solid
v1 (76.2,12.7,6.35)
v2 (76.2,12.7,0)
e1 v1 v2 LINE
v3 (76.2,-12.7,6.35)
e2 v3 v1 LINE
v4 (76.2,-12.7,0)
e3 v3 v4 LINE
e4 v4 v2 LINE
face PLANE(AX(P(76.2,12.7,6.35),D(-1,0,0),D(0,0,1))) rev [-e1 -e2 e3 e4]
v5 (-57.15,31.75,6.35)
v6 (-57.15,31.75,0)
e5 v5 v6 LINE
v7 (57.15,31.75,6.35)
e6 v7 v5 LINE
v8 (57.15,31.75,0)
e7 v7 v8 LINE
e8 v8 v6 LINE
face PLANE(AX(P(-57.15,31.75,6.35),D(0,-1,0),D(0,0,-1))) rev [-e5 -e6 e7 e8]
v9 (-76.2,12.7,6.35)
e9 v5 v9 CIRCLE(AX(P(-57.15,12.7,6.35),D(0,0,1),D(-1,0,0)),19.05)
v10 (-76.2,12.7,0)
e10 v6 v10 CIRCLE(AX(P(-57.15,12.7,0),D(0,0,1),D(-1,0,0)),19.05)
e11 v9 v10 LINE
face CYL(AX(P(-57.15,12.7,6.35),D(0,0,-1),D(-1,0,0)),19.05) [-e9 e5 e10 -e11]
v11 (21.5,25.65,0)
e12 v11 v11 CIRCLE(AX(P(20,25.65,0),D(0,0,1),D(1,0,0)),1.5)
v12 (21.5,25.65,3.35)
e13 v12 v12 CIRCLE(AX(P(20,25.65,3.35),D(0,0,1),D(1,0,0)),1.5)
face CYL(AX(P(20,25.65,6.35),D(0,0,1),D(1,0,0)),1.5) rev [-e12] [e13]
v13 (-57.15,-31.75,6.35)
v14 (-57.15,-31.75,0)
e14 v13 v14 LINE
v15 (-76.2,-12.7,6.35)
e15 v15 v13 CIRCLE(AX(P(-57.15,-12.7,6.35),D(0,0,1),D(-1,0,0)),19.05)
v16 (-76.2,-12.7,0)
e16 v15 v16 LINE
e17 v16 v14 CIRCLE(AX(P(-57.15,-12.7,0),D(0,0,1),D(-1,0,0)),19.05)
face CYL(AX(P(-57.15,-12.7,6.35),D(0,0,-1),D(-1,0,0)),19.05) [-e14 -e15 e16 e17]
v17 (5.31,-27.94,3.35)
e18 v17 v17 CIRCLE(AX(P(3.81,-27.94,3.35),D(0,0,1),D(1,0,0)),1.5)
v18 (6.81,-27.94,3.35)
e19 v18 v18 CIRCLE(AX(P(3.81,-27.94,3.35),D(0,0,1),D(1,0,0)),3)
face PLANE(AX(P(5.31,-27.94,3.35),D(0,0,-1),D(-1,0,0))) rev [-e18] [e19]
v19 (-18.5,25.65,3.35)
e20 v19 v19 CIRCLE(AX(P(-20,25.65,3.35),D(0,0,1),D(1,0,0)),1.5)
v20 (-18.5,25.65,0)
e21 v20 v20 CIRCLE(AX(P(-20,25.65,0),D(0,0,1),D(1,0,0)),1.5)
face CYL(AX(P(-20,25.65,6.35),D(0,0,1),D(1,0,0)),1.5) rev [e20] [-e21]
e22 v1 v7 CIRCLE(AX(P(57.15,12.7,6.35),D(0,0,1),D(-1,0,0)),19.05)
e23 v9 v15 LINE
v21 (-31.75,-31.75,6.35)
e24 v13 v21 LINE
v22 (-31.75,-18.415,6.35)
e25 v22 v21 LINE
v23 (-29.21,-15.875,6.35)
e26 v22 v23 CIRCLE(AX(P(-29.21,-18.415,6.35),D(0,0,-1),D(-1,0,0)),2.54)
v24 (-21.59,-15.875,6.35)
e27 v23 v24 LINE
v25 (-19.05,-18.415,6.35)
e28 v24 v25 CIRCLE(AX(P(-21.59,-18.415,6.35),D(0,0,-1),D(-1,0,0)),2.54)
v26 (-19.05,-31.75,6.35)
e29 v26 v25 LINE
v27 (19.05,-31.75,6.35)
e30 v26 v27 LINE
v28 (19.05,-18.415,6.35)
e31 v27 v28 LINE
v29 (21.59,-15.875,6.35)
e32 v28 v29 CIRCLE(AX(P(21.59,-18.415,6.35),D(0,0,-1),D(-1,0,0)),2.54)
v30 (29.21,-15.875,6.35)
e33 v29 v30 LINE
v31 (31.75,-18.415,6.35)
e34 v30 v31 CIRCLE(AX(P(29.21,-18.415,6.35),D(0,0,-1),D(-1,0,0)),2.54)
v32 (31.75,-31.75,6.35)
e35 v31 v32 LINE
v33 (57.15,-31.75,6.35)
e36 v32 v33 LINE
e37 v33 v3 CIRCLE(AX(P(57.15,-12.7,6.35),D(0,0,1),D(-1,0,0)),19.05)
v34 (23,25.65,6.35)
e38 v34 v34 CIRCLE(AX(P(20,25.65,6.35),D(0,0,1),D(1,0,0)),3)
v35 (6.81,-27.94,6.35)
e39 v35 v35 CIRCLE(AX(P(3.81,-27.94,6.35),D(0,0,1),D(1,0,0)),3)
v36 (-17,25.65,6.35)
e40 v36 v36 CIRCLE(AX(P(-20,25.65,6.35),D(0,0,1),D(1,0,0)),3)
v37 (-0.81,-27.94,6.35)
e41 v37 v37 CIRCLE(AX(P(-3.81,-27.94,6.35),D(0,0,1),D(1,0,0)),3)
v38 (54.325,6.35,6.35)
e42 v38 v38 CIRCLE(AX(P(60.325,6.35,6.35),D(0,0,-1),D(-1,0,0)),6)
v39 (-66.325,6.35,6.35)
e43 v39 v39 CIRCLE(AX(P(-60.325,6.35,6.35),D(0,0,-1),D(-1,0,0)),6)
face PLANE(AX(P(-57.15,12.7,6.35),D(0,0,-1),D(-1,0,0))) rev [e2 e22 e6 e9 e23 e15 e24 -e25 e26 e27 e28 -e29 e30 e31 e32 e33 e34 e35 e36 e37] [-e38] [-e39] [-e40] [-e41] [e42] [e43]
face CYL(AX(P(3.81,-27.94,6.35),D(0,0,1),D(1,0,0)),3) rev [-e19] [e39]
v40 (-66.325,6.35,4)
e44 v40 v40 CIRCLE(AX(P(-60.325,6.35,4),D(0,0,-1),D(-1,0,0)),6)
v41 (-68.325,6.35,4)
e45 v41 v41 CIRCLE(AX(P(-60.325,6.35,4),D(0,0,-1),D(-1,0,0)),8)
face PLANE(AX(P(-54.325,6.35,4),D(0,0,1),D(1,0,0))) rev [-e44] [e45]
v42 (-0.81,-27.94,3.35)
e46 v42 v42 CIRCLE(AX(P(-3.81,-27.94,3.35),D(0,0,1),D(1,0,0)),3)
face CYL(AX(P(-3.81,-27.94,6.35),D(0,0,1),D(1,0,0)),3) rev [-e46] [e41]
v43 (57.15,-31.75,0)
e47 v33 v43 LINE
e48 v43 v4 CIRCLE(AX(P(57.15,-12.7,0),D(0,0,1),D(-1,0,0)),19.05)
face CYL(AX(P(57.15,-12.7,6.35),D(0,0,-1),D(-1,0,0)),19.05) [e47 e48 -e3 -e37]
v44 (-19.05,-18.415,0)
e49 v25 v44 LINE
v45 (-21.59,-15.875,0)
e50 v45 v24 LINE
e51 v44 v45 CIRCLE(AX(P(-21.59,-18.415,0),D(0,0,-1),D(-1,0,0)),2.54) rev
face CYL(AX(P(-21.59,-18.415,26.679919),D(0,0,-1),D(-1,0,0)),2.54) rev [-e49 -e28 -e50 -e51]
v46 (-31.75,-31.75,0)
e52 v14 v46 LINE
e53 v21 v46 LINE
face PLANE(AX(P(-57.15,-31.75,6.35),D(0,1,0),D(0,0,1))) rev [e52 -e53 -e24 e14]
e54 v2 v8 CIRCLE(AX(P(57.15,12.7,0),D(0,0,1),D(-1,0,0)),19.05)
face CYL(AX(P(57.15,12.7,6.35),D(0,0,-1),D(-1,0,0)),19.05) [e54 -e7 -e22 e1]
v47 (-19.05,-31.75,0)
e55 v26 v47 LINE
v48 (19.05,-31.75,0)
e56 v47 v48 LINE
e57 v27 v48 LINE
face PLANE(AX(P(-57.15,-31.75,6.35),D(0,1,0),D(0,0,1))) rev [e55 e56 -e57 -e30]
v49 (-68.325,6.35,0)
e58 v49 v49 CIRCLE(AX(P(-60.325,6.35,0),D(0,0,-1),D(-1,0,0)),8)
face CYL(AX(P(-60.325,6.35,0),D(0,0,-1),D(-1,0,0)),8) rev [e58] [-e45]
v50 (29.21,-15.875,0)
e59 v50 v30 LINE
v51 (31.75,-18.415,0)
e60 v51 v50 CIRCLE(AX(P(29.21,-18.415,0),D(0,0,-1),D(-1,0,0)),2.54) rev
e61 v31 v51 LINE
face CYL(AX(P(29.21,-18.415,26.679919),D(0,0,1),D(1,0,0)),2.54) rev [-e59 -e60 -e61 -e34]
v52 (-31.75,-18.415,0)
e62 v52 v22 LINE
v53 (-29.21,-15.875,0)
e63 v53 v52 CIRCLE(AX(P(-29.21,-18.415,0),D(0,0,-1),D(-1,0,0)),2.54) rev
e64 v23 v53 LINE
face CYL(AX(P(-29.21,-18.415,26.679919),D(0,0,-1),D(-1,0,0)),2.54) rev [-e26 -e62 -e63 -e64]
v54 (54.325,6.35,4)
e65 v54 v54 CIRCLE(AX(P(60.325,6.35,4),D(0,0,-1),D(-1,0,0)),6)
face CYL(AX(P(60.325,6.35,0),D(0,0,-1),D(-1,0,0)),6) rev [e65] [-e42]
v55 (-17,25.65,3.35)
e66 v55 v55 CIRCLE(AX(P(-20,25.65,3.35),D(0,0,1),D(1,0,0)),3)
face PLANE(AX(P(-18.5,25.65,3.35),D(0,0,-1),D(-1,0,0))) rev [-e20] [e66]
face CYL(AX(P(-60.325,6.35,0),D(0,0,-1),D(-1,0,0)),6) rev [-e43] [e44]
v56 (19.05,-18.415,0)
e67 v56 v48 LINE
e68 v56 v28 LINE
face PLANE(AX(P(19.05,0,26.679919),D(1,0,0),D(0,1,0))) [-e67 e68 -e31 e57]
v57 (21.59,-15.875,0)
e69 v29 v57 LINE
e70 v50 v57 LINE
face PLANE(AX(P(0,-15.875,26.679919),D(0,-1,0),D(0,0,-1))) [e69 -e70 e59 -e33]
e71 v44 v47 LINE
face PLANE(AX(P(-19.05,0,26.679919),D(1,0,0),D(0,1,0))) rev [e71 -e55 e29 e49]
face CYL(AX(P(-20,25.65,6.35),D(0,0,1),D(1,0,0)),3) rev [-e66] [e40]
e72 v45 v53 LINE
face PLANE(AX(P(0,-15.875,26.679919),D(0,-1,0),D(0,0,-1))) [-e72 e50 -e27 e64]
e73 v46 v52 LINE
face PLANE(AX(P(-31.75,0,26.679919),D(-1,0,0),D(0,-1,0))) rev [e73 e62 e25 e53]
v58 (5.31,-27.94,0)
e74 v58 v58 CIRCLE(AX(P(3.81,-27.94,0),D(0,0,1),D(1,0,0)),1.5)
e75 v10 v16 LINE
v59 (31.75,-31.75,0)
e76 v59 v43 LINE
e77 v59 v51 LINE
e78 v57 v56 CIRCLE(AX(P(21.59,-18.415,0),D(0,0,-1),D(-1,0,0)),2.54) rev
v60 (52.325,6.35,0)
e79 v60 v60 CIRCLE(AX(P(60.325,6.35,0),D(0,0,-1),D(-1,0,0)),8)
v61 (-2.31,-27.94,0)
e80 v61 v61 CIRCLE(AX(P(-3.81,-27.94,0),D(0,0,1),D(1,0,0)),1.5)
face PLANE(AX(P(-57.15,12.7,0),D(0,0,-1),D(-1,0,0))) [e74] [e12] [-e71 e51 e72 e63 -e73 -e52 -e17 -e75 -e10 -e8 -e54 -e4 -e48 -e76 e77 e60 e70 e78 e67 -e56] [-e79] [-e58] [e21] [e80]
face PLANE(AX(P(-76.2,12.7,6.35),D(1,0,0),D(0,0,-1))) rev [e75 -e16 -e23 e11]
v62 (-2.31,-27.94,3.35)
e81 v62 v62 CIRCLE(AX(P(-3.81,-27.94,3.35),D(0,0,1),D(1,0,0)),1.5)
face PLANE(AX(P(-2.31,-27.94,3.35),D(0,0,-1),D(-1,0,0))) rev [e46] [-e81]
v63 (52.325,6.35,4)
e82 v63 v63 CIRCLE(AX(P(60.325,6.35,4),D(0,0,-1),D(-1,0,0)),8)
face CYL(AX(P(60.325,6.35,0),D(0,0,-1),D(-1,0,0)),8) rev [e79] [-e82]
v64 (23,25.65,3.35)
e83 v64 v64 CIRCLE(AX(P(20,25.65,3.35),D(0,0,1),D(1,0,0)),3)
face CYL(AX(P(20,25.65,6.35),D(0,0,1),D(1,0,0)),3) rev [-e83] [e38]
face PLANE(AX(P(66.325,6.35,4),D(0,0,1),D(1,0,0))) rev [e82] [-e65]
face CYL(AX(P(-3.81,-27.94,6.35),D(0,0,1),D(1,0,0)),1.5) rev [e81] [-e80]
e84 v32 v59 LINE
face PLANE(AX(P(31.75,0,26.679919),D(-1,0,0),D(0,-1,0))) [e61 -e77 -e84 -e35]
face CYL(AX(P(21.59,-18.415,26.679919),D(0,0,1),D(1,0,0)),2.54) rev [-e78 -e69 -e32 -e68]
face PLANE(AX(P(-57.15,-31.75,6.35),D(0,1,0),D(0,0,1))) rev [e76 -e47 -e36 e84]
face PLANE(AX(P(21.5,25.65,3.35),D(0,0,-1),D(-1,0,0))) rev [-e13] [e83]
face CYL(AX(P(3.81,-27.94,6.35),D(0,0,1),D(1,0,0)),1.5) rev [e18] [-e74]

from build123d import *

# Parameters (mm, degrees)
BOSS_EXTRUDE1_DEPTH                                 = 6.35
CBORE_FOR_00_BINDING_HEAD_MACHINE_SCREW_D           = 3.000000096
CBORE_FOR_00_BINDING_HEAD_MACHINE_SCREW_CBORE_D     = 5.999999938
CBORE_FOR_00_BINDING_HEAD_MACHINE_SCREW_CBORE_DEPTH = 3.000000096
SKETCH6_W                                           = 12.7
SKETCH6_H                                           = 15.875
CUT_EXTRUDE1_DEPTH                                  = 6.35
FILLET2_R                                           = 2.54
CBORE_FOR_00_BINDING_HEAD_MACHINE_S_2_D             = 11.999999876
CBORE_FOR_00_BINDING_HEAD_MACHINE_S_2_CBORE_D       = 16.000000004
CBORE_FOR_00_BINDING_HEAD_MACHINE_S_2_CBORE_DEPTH   = 3.999999874


with BuildPart() as part:
    # Sketch1 → Boss-Extrude1 (new body)
    with BuildSketch(Plane.XY):
        with BuildLine():
            Line((-57.15, 31.75), (57.15, 31.75))
            ThreePointArc((57.15, 31.75), (70.620384182, 26.170384182), (76.2, 12.7))
            Line((76.2, 12.7), (76.2, -12.7))
            ThreePointArc((76.2, -12.7), (70.620384182, -26.170384182), (57.15, -31.75))
            Line((57.15, -31.75), (-57.15, -31.75))
            ThreePointArc((-57.15, -31.75), (-70.620384182, -26.170384182), (-76.2, -12.7))
            Line((-76.2, -12.7), (-76.2, 12.7))
            ThreePointArc((-76.2, 12.7), (-70.620384182, 26.170384182), (-57.15, 31.75))
        make_face()
    extrude(amount=BOSS_EXTRUDE1_DEPTH)

    # CBORE for _00 Binding Head Machine Screw (through all)
    with Locations(Plane.XY.offset(6.35)):
        with Locations((-20, 25.65), (20, 25.65), (3.81, -27.94), (-3.81, -27.94)):
            CounterBoreHole(CBORE_FOR_00_BINDING_HEAD_MACHINE_SCREW_D / 2, CBORE_FOR_00_BINDING_HEAD_MACHINE_SCREW_CBORE_D / 2, CBORE_FOR_00_BINDING_HEAD_MACHINE_SCREW_CBORE_DEPTH)

    # Sketch6 → Cut-Extrude1 (cut)
    with BuildSketch(Plane(origin=(0, 0, 0), x_dir=(-1, 0, 0), z_dir=(0, 0, -1))):
        with Locations((-25.4, -23.8125)):
            Rectangle(SKETCH6_W, SKETCH6_H)
        with Locations((25.4, -23.8125)):
            Rectangle(SKETCH6_W, SKETCH6_H)
    extrude(amount=-CUT_EXTRUDE1_DEPTH, mode=Mode.SUBTRACT)

    # Fillet2
    fillet2_edges = [part.edges().sort_by_distance(p)[0] for p in [
        (19.05, -15.875, 3.175),
        (31.75, -15.875, 3.175),
        (-19.05, -15.875, 3.175),
        (-31.75, -15.875, 3.175),
    ]]
    fillet(fillet2_edges, radius=FILLET2_R)

    # CBORE for _00 Binding Head Machine S 2 (through all)
    with Locations(Plane(origin=(0, 0, 0), x_dir=(1, 0, 0), z_dir=(0, 0, -1))):
        with Locations((-60.325, -6.35), (60.325, -6.35)):
            CounterBoreHole(CBORE_FOR_00_BINDING_HEAD_MACHINE_S_2_D / 2, CBORE_FOR_00_BINDING_HEAD_MACHINE_S_2_CBORE_D / 2, CBORE_FOR_00_BINDING_HEAD_MACHINE_S_2_CBORE_DEPTH)


solid = part.part
